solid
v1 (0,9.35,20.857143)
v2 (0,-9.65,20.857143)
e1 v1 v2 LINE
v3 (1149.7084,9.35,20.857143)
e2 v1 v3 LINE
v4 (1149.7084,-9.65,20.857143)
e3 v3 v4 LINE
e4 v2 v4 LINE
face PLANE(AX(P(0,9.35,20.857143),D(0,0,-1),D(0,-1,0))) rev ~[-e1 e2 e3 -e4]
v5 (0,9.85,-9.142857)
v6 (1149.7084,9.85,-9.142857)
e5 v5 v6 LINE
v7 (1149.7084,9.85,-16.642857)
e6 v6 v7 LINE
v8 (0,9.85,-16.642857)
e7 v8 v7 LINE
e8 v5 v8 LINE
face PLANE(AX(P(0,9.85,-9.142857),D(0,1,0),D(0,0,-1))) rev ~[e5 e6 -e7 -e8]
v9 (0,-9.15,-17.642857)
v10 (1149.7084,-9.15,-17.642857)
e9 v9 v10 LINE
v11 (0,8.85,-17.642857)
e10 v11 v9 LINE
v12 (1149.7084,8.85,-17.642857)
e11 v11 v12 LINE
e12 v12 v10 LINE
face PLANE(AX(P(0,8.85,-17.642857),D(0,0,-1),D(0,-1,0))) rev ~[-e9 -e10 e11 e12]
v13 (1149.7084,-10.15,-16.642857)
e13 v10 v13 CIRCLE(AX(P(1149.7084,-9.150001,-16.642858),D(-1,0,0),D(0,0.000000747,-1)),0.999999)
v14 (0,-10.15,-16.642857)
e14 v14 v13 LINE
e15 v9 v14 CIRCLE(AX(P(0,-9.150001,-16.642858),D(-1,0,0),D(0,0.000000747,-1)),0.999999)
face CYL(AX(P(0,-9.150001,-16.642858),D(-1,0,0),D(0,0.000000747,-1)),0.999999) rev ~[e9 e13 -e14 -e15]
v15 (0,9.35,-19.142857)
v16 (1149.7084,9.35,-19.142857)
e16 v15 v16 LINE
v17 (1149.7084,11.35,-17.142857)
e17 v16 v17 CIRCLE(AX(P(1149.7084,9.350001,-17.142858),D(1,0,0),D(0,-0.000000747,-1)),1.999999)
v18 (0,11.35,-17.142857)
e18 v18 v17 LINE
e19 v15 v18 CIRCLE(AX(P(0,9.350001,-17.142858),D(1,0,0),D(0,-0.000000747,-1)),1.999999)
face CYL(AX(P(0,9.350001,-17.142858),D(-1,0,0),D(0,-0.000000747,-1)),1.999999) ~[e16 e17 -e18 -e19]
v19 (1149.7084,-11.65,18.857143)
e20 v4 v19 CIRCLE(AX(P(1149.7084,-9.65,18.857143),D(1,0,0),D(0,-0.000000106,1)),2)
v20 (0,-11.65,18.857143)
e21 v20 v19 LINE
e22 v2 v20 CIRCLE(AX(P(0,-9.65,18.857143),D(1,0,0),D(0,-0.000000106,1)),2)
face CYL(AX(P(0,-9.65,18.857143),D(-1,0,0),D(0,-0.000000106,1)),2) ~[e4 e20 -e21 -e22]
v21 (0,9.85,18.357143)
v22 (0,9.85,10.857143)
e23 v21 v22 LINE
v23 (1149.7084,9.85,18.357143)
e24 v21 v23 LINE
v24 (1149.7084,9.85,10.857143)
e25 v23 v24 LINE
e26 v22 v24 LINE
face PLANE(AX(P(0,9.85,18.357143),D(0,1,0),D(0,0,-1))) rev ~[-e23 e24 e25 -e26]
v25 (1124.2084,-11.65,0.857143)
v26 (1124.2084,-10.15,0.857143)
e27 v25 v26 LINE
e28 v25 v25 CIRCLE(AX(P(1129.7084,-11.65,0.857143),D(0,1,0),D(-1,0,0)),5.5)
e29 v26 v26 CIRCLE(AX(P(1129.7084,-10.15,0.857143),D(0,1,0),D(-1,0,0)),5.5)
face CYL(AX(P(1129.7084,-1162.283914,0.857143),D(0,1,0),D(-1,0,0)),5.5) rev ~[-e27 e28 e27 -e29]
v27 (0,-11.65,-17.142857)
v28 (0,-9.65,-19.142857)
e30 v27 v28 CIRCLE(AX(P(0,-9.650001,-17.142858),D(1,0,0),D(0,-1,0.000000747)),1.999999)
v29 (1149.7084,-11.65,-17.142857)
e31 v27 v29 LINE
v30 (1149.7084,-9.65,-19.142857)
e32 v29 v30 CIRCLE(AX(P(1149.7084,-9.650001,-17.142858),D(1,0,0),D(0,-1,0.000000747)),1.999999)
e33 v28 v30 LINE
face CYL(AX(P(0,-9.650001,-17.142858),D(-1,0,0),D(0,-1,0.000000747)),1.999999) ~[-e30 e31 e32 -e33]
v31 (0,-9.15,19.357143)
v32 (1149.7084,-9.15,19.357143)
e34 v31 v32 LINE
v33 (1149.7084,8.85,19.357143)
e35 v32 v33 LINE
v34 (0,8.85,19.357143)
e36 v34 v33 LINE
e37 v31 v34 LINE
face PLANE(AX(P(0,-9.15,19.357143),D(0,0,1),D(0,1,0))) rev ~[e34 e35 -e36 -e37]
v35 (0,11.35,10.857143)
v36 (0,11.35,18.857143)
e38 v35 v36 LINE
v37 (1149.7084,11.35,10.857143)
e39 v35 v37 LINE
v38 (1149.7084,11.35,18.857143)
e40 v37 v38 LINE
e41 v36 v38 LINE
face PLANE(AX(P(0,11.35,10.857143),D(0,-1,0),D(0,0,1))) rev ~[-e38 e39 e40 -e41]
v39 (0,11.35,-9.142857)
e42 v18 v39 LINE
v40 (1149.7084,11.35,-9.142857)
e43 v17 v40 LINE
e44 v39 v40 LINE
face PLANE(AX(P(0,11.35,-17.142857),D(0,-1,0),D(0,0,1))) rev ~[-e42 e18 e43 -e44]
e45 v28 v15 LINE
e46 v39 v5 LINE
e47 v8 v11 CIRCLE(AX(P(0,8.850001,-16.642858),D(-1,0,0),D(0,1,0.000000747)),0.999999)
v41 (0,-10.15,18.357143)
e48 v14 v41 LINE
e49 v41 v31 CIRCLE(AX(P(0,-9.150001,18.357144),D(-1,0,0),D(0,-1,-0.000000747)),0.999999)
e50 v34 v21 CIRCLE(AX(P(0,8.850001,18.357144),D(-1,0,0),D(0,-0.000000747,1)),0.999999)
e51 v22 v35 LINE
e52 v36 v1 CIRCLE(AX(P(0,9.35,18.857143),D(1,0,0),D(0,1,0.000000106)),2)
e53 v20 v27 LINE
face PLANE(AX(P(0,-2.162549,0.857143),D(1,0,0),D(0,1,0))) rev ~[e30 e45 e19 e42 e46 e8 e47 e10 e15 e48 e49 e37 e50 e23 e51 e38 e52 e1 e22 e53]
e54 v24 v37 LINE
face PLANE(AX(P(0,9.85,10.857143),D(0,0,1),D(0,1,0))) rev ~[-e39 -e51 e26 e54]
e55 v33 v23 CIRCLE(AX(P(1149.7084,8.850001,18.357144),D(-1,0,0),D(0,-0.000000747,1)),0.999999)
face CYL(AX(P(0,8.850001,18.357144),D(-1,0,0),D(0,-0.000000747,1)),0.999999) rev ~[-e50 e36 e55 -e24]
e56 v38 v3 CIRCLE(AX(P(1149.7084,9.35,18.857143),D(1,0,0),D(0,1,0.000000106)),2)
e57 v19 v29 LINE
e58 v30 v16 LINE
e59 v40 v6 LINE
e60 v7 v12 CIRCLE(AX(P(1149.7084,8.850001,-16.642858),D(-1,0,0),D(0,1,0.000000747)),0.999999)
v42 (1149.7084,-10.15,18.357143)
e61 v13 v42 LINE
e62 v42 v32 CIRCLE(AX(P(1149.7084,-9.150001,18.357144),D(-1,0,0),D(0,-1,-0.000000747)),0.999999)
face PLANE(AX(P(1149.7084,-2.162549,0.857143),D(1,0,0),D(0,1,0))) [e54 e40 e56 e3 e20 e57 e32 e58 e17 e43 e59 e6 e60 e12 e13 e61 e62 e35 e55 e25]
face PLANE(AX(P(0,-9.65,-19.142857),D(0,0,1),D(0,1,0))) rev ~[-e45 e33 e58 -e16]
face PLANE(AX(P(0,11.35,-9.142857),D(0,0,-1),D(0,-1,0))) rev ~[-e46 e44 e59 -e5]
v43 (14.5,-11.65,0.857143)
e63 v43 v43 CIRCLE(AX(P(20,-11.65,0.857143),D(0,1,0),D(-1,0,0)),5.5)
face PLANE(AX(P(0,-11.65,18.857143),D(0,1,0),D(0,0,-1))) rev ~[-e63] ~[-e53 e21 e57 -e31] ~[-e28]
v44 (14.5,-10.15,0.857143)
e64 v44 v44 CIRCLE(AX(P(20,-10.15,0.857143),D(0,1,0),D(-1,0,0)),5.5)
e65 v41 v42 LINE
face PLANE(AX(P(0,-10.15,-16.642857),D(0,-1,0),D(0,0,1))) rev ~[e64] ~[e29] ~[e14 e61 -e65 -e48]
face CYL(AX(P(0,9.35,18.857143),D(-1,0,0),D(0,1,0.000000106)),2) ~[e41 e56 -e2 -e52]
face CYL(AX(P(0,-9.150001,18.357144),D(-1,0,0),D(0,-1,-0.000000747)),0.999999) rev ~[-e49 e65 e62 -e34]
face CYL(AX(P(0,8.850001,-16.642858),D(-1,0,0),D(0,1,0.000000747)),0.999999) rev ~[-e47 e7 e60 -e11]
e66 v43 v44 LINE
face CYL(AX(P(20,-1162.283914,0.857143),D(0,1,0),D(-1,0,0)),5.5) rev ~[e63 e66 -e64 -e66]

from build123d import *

# Parameters (mm, degrees)
F1_DEPTH = 1149.7084
F3_D     = 11


with BuildPart() as f1:
    # F0 (on Right) → F1 (new body)
    with BuildSketch(Plane.YZ):
        with BuildLine():
            ThreePointArc((11.35, 18.857143), (10.764214, 20.271356), (9.35, 20.857143))
            Line((9.35, 20.857143), (-9.65, 20.857143))
            ThreePointArc((-9.65, 20.857143), (-11.064214, 20.271356), (-11.65, 18.857143))
            Line((-11.65, 18.857143), (-11.65, -17.142857))
            ThreePointArc((-11.65, -17.142857), (-11.064214, -18.557071), (-9.65, -19.142857))
            Line((-9.65, -19.142857), (9.35, -19.142857))
            ThreePointArc((9.35, -19.142857), (10.764214, -18.557071), (11.35, -17.142857))
            Line((11.35, -17.142857), (11.35, -9.142857))
            Line((11.35, -9.142857), (9.85, -9.142857))
            Line((9.85, -9.142857), (9.85, -16.642857))
            ThreePointArc((9.85, -16.642857), (9.557107, -17.349964), (8.85, -17.642857))
            Line((8.85, -17.642857), (-9.15, -17.642857))
            ThreePointArc((-9.15, -17.642857), (-9.857107, -17.349964), (-10.15, -16.642857))
            Line((-10.15, -16.642857), (-10.15, 18.357143))
            ThreePointArc((-10.15, 18.357143), (-9.857107, 19.06425), (-9.15, 19.357143))
            Line((-9.15, 19.357143), (8.85, 19.357143))
            ThreePointArc((8.85, 19.357143), (9.557107, 19.06425), (9.85, 18.357143))
            Line((9.85, 18.357143), (9.85, 10.857143))
            Line((9.85, 10.857143), (11.35, 10.857143))
            Line((11.35, 10.857143), (11.35, 18.857143))
        make_face()
    extrude(amount=F1_DEPTH)

    # F3 (through all)
    with Locations(Plane.XZ.offset(11.65)):
        with Locations((20, 0.857143), (1129.7084, 0.857143)):
            Hole(F3_D / 2)


solid = f1.part
